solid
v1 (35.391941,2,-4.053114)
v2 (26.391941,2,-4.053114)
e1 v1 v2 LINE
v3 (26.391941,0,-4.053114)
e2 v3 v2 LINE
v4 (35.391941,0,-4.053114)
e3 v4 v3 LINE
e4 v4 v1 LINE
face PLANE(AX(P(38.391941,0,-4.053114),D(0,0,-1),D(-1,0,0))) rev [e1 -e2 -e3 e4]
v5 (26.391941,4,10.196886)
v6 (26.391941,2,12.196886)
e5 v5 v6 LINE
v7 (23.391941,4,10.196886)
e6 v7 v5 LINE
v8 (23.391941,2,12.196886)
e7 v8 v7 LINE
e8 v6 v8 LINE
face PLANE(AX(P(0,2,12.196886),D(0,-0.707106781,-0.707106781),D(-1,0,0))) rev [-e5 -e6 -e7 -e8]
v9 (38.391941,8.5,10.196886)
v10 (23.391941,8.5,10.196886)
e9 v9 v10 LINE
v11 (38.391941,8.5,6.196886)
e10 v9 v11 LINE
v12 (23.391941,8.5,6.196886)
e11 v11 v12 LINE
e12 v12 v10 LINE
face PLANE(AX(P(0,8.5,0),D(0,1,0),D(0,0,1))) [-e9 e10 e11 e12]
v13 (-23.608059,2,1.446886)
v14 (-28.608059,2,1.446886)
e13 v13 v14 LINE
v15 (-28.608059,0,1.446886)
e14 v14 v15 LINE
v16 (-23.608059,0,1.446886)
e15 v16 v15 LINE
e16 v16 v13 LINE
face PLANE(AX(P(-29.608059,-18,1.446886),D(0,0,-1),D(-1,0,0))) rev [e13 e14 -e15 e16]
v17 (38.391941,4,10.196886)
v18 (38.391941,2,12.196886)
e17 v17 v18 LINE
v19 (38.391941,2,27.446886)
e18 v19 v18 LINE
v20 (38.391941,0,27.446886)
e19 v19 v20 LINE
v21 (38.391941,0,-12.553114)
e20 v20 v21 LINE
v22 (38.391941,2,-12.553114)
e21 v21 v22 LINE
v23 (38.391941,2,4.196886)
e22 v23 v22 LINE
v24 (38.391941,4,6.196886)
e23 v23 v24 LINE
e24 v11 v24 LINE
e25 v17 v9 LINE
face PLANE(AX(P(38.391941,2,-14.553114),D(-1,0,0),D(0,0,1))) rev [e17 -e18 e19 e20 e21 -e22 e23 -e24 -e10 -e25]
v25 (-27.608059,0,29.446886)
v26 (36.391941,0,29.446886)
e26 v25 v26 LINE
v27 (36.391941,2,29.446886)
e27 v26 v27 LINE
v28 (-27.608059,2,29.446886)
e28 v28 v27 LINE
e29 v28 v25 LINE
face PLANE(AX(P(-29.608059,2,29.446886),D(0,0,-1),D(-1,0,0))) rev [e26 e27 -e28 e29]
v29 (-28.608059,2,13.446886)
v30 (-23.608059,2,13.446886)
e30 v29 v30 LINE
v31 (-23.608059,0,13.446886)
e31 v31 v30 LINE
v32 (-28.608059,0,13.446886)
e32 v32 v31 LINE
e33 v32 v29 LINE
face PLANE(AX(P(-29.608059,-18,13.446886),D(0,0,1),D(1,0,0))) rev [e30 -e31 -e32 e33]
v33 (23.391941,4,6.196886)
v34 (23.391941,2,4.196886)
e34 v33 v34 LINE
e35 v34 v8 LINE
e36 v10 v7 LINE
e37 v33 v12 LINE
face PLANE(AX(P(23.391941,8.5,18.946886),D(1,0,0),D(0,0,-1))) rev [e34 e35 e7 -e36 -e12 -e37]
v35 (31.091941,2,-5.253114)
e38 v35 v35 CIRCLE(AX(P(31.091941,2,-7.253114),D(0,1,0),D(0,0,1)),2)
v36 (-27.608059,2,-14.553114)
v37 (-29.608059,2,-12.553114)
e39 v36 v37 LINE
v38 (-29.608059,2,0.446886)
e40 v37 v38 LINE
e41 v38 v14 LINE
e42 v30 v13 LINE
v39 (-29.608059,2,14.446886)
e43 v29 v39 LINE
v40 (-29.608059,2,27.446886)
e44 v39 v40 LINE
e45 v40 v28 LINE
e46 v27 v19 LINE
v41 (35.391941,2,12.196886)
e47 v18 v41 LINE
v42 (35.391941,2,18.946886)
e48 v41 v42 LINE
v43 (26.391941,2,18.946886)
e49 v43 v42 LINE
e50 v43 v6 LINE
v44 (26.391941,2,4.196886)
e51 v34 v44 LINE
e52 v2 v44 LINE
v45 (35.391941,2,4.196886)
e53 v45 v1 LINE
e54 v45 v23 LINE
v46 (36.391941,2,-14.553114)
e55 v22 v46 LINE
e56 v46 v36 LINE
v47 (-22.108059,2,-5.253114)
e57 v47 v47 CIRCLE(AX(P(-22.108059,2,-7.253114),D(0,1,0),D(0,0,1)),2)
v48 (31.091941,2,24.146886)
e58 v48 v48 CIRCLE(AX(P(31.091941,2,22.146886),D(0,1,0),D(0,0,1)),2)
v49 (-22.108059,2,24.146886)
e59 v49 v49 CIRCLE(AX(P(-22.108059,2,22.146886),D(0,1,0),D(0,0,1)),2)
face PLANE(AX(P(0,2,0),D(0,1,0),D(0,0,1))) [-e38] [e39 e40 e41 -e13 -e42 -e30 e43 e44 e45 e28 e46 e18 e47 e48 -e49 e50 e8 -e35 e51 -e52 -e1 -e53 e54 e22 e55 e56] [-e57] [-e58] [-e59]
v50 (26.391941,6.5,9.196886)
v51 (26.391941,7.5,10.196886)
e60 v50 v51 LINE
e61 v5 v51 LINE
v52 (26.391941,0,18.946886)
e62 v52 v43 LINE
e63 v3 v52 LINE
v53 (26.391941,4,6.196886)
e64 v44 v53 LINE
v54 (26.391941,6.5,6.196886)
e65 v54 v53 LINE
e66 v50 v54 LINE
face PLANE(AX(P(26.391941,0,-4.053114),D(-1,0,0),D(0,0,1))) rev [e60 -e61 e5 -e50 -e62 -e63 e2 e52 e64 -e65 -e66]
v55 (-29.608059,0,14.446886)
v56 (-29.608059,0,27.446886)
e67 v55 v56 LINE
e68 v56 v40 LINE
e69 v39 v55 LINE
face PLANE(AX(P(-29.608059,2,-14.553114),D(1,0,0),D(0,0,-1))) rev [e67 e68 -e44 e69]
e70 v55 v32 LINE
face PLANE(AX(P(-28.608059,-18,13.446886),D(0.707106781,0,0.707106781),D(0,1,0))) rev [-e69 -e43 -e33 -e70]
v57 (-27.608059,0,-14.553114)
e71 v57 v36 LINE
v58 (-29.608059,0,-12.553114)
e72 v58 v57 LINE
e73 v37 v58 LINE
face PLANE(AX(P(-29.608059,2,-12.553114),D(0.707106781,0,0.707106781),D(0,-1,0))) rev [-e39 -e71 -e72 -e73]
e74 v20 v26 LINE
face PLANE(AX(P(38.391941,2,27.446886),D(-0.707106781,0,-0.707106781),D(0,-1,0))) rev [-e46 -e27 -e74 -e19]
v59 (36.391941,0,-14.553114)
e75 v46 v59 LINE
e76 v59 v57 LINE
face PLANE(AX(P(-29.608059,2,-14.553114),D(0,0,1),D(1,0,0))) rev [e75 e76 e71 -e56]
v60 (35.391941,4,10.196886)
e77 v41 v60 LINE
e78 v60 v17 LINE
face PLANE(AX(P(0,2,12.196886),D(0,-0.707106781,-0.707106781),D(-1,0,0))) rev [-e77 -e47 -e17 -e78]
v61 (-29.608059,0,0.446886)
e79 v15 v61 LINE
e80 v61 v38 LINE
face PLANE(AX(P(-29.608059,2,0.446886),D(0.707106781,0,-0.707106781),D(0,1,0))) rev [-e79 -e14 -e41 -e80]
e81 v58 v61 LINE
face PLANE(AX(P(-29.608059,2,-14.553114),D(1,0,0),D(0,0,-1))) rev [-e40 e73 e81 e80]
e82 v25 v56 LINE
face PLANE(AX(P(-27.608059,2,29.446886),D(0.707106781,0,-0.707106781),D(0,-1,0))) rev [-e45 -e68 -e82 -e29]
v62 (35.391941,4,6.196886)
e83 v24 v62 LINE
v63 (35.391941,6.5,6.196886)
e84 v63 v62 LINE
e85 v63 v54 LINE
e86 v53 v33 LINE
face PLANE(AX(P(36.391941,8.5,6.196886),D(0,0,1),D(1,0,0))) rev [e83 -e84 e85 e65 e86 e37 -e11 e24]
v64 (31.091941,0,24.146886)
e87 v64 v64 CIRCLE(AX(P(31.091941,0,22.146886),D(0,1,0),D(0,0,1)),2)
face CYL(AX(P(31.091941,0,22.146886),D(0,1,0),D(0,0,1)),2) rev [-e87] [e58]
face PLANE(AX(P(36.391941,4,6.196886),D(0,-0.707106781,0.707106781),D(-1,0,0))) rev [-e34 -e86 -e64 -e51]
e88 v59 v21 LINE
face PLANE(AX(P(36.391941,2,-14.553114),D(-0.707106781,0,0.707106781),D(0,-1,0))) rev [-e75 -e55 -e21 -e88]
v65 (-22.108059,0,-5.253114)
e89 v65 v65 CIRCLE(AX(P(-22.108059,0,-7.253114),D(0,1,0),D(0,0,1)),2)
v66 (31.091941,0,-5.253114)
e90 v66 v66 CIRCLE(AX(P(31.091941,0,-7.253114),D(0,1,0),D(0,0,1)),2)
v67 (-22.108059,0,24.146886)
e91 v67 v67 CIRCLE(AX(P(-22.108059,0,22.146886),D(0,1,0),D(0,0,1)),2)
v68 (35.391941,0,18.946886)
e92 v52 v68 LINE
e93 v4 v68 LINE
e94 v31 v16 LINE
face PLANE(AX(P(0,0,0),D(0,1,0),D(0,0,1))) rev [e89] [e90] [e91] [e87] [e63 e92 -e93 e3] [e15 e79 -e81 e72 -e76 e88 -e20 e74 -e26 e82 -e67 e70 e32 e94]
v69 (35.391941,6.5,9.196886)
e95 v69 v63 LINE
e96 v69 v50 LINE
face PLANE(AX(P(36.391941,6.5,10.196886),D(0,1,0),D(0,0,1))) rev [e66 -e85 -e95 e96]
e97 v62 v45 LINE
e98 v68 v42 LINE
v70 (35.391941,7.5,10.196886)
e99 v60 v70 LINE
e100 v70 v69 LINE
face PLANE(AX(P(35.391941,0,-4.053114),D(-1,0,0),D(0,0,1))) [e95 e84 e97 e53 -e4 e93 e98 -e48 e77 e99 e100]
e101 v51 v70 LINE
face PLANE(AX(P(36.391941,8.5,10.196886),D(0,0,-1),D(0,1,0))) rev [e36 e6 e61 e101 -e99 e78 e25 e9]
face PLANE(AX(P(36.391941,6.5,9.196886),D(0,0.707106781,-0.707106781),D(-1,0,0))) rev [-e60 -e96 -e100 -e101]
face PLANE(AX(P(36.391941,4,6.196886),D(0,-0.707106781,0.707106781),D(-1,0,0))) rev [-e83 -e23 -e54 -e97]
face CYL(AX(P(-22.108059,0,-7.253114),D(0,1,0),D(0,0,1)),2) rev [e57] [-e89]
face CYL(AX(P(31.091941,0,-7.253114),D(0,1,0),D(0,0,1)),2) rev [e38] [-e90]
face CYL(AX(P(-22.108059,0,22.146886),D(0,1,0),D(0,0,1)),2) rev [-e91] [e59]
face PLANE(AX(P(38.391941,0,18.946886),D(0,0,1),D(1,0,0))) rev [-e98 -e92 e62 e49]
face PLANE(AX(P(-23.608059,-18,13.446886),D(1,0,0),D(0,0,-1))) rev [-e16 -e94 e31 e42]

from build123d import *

# Parameters (mm, degrees)
SKETCH1_W               = 68
SKETCH1_H               = 44
BOSS_EXTRUDE1_DEPTH     = 2
SKETCH2_R               = 2
CUT_EXTRUDE1_DEPTH      = 2
SKETCH3_W               = 12
SKETCH3_H               = 23
CUT_EXTRUDE2_DEPTH      = 2
SKETCH4_W               = 3
SKETCH4_H               = 23
BOSS_EXTRUDE2_DEPTH     = 2
SKETCH5_W               = 3
SKETCH5_H               = 21.5
BOSS_EXTRUDE3_DEPTH     = 6.5
SKETCH6_W               = 4
SKETCH6_H               = 2
BOSS_EXTRUDE4_DEPTH     = 10
CUT_EXTRUDE3_DEPTH      = 20
CUT_EXTRUDE3_DEPTH_BACK = 20
SKETCH7_W               = 8.75
SKETCH7_H               = 6.5
SKETCH7_W_2             = 10.25
CHAMFER1_SIZE           = 2
SKETCH8_W               = 6
SKETCH8_H               = 12
CUT_EXTRUDE4_DEPTH      = 20
CHAMFER2_SIZE           = 1
CHAMFER3_SIZE           = 1
CHAMFER4_SIZE           = 2


with BuildPart() as part:
    # Sketch1 → Boss-Extrude1 (new body)
    with BuildSketch(Plane(origin=(0, 0, 0), x_dir=(1, 0, 0), z_dir=(0, 1, 0))):
        with Locations((4.391941392, -7.446886447)):
            Rectangle(SKETCH1_W, SKETCH1_H)
    extrude(amount=BOSS_EXTRUDE1_DEPTH)

    # Sketch2 → Cut-Extrude1 (cut)
    with BuildSketch(Plane(origin=(0, 2, 0), x_dir=(1, 0, 0), z_dir=(0, 1, 0))):
        with Locations(Location((-22.108058608, 7.253113553, 0), (0, 0, 270))):
            Circle(SKETCH2_R)
        with Locations(Location((31.091941392, 7.253113553, 0), (0, 0, 270))):
            Circle(SKETCH2_R)
        with Locations(Location((31.091941392, -22.146886447, 0), (0, 0, 270))):
            Circle(SKETCH2_R)
        with Locations(Location((-22.108058608, -22.146886447, 0), (0, 0, 270))):
            Circle(SKETCH2_R)
    extrude(amount=-CUT_EXTRUDE1_DEPTH, mode=Mode.SUBTRACT)

    # Sketch3 → Cut-Extrude2 (cut)
    with BuildSketch(Plane(origin=(0, 2, 0), x_dir=(1, 0, 0), z_dir=(0, 1, 0))):
        with Locations((32.391941392, -7.446886447)):
            Rectangle(SKETCH3_W, SKETCH3_H)
    extrude(amount=-CUT_EXTRUDE2_DEPTH, mode=Mode.SUBTRACT)

    # Sketch4 → Boss-Extrude2 (add)
    with BuildSketch(Plane(origin=(0, 2, 0), x_dir=(1, 0, 0), z_dir=(0, 1, 0))):
        with Locations((36.891941392, -7.446886447)):
            Rectangle(SKETCH4_W, SKETCH4_H)
    extrude(amount=-BOSS_EXTRUDE2_DEPTH)

    # Sketch5 → Boss-Extrude3 (add)
    with BuildSketch(Plane(origin=(0, 2, 0), x_dir=(1, 0, 0), z_dir=(0, 1, 0))):
        with Locations((36.891941392, -6.696886447)):
            Rectangle(SKETCH5_W, SKETCH5_H)
        with Locations((24.891941392, -8.196886447)):
            Rectangle(SKETCH5_W, SKETCH5_H)
    extrude(amount=BOSS_EXTRUDE3_DEPTH)

    # Sketch6 → Boss-Extrude4 (add)
    with BuildSketch(Plane(origin=(26.391941392, 0, 0), x_dir=(0, 0, -1), z_dir=(1, 0, 0))):
        with Locations((-8.196886447, 7.5)):
            Rectangle(SKETCH6_W, SKETCH6_H)
    extrude(amount=BOSS_EXTRUDE4_DEPTH)

    # Sketch7 → Cut-Extrude3 (cut, two sides: drawn at the far end of the back side and taken through both)
    with BuildSketch(Plane(origin=(26.391941392, 0, 0), x_dir=(0, 0, -1), z_dir=(1, 0, 0)).offset(-CUT_EXTRUDE3_DEPTH_BACK)):
        with Locations((-14.571886447, 5.25)):
            Rectangle(SKETCH7_W, SKETCH7_H)
        with Locations((-1.071886447, 5.25)):
            Rectangle(SKETCH7_W_2, SKETCH7_H)
    extrude(amount=CUT_EXTRUDE3_DEPTH + CUT_EXTRUDE3_DEPTH_BACK, mode=Mode.SUBTRACT)

    # Chamfer1
    chamfer1_edges = [part.edges().sort_by_distance(p)[0] for p in [
        (24.891941392, 2, 10.196886447),
        (36.891941392, 2, 10.196886447),
        (24.891941392, 2, 6.196886447),
        (36.891941392, 2, 6.196886447),
    ]]
    chamfer(chamfer1_edges, length=CHAMFER1_SIZE)

    # Sketch8 → Cut-Extrude4 (cut)
    with BuildSketch(Plane(origin=(0, 2, 0), x_dir=(1, 0, 0), z_dir=(0, 1, 0))):
        with Locations((-26.608058608, -7.446886447)):
            Rectangle(SKETCH8_W, SKETCH8_H)
    extrude(amount=-CUT_EXTRUDE4_DEPTH, mode=Mode.SUBTRACT)

    # Chamfer2
    chamfer2_edges = [part.edges().sort_by_distance(p)[0] for p in [
        (-29.608058608, 1, 13.446886447),
        (-29.608058608, 1, 1.446886447),
    ]]
    chamfer(chamfer2_edges, length=CHAMFER2_SIZE)

    # Chamfer3
    chamfer3_edges = [part.edges().sort_by_distance(p)[0] for p in [
        (30.891941392, 6.5, 10.196886447),
    ]]
    chamfer(chamfer3_edges, length=CHAMFER3_SIZE)

    # Chamfer4
    chamfer4_edges = [part.edges().sort_by_distance(p)[0] for p in [
        (-29.608058608, 1, -14.553113553),
        (38.391941392, 1, -14.553113553),
        (38.391941392, 1, 29.446886447),
        (-29.608058608, 1, 29.446886447),
    ]]
    chamfer(chamfer4_edges, length=CHAMFER4_SIZE)


solid = part.part
